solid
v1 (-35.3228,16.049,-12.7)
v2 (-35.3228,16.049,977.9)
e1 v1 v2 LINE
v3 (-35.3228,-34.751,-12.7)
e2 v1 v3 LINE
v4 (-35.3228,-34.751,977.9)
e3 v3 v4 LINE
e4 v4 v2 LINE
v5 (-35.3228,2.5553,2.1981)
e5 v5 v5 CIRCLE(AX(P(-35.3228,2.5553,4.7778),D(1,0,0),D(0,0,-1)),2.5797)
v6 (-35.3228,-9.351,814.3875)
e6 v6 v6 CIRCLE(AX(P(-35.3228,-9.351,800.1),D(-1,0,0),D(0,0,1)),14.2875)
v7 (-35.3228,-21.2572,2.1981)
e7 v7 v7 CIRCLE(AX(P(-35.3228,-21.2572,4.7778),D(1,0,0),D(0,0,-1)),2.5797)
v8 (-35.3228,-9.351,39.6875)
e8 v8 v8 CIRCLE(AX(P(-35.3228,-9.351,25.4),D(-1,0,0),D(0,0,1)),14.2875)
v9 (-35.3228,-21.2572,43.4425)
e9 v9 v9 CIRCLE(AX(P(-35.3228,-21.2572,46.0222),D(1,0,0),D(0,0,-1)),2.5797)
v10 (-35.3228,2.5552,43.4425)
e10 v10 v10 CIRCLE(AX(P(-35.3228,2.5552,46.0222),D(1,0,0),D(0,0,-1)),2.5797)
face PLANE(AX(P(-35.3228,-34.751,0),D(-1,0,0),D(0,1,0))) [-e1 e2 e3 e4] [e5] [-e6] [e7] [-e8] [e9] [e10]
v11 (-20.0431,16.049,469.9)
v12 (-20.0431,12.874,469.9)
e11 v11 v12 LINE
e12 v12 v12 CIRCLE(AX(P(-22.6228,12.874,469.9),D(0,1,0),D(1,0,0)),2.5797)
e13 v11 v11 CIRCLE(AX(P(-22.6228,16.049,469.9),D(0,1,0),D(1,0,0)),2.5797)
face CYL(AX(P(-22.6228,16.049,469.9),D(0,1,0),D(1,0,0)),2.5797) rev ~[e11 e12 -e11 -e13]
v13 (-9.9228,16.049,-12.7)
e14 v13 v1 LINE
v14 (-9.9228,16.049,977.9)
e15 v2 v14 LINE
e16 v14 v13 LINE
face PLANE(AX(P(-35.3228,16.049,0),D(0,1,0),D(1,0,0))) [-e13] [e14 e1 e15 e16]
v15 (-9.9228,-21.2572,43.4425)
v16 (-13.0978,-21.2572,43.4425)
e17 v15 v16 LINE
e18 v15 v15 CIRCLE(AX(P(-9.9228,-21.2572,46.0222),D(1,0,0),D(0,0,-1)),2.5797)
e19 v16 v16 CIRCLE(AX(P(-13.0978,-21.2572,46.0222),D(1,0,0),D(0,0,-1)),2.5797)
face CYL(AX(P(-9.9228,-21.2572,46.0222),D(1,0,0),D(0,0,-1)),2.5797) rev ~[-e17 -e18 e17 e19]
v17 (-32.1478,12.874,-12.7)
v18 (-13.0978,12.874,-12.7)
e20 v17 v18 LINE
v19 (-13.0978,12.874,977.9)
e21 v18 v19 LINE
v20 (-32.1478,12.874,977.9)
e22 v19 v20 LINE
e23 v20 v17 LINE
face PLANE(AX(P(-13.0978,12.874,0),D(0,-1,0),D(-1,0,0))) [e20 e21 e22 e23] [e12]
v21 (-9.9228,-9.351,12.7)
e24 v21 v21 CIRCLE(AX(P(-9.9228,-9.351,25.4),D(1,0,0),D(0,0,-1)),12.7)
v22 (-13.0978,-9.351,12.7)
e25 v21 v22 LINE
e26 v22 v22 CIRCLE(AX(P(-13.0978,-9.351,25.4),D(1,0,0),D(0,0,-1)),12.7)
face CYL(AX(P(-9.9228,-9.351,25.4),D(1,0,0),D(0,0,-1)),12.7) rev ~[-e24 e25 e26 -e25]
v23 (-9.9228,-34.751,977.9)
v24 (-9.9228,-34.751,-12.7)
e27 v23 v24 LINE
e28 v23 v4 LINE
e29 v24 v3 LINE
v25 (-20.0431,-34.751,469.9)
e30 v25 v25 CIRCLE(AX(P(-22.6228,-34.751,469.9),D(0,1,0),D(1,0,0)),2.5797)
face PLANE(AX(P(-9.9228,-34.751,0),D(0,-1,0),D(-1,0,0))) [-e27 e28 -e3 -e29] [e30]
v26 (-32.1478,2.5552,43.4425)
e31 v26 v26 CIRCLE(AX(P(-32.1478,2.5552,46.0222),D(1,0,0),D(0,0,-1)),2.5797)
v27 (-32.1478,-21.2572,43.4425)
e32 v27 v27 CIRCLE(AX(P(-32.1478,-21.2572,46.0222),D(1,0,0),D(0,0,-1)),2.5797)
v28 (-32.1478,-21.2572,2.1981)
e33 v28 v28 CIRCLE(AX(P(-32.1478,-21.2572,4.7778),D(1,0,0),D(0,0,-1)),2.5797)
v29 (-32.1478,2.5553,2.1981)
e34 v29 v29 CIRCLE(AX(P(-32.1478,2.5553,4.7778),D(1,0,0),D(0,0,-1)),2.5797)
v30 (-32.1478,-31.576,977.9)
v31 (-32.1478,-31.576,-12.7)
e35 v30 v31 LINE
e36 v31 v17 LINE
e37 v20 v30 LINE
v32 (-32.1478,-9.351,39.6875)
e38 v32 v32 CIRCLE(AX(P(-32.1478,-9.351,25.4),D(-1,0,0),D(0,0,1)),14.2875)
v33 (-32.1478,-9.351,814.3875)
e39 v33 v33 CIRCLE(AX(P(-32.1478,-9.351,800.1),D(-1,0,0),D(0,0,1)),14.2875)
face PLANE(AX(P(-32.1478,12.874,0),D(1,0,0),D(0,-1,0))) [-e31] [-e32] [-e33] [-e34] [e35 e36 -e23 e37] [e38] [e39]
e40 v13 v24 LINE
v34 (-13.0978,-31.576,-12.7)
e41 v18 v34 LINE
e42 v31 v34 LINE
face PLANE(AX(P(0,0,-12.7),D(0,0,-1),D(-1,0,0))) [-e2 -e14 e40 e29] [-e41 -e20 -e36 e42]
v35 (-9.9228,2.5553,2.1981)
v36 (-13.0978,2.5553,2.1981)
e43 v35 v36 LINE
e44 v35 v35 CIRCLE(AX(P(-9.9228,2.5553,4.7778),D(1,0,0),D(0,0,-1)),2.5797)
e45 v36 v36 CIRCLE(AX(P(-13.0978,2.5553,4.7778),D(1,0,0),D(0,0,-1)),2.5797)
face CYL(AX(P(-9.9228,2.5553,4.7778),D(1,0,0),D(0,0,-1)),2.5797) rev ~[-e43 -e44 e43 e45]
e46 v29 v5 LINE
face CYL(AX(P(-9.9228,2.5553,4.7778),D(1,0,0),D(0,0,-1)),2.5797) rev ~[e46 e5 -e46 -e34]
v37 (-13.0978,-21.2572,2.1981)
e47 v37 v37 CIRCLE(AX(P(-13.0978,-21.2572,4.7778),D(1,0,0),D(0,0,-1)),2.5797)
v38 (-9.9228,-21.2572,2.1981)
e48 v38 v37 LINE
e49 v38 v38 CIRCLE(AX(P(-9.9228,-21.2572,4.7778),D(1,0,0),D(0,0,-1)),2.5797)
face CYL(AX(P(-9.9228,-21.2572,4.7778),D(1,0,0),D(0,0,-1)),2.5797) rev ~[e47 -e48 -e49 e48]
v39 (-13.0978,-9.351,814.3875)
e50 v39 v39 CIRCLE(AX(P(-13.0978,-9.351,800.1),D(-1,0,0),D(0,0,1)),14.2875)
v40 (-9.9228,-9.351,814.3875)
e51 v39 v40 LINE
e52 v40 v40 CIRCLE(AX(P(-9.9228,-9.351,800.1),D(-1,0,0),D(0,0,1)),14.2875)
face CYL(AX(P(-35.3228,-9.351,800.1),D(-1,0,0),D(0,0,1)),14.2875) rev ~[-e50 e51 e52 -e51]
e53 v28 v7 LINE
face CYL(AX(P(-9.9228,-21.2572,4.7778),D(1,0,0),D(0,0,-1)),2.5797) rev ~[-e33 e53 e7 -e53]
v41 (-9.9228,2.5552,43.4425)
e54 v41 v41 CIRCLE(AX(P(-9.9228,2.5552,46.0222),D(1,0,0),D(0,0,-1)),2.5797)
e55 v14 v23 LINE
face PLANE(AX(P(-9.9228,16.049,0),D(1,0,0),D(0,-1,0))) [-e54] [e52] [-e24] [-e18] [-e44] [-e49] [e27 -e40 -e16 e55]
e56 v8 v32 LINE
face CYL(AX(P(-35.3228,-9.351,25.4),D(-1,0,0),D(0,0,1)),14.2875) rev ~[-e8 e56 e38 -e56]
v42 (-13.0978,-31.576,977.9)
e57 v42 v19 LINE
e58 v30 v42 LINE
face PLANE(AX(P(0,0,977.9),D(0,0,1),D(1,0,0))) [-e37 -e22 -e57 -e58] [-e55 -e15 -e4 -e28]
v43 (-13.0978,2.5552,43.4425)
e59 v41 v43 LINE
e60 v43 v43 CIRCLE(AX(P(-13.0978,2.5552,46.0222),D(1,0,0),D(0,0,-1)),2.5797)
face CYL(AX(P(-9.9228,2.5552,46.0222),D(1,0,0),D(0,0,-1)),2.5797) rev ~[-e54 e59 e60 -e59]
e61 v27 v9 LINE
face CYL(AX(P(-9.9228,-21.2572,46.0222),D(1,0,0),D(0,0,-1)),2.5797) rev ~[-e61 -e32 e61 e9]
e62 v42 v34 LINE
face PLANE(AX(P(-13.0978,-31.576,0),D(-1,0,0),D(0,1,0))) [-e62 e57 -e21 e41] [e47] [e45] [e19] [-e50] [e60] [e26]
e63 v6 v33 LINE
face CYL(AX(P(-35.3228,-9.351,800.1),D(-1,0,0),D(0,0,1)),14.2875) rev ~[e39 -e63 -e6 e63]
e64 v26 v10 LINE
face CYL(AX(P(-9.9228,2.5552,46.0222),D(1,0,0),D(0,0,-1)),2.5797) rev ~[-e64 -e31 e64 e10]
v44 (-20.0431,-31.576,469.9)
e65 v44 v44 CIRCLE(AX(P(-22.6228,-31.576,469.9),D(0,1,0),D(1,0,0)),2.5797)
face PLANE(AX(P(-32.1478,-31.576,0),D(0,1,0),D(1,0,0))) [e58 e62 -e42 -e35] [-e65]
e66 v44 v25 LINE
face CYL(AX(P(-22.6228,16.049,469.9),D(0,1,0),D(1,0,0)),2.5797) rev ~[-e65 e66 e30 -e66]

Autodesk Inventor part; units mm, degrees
ref_plane "YZ Plane" through (0, 0, 0) normal (1, 0, 0) x (0, 1, 0)
ref_plane "XZ Plane" through (0, 0, 0) normal (0, 1, 0) x (-1, 0, 0)
ref_plane "XY Plane" through (0, 0, 0) normal (0, 0, 1) x (1, 0, 0)
sketch "Sketch1" plane through (0, 0, 0) normal (0, 0, 1) x (1, 0, 0)
  line L0 (-35.3228, 16.049) -> (-9.9228, 16.049)
  line L1 (-9.9228, 16.049) -> (-9.9228, -34.751)
  line L2 (-9.9228, -34.751) -> (-35.3228, -34.751)
  line L3 (-35.3228, -34.751) -> (-35.3228, 16.049)
  line L4 (-13.0978, 12.874) -> (-32.1478, 12.874)
  line L5 (-32.1478, 12.874) -> (-32.1478, -31.576)
  line L6 (-32.1478, -31.576) -> (-13.0978, -31.576)
  line L7 (-13.0978, -31.576) -> (-13.0978, 12.874)
  point P0 (0, 0)
  dimension "d0" = 25.4
  dimension "d1" = 50.8
  dimension "d2" = 3.175
extrude "Extrusion1" add sketch "Sketch1" along normal blind 977.9
sketch "Sketch2" plane through (-35.3228, -34.751, 0) normal (-1, 0, 0) x (0, 0, 1)
  line L0 (0, 0) -> (0, 50.8) construction
  line L1 (0, 25.4) -> (25.4, 25.4) construction
  circle A0 centre (25.4, 25.4) radius 14.2875
  point P0 (0, 34.751)
  dimension "d5" = 25.4
  dimension "d9" = 28.575
extrude "Extrusion2" cut sketch "Sketch2" against normal blind 12.7
sketch "Sketch3" plane through (-35.3228, -34.751, 0) normal (-1, 0, 0) x (0, 0, 1)
  line L0 (977.9, 50.8) -> (977.9, 0) construction
  line L1 (977.9, 25.4) -> (800.1, 25.4) construction
  circle A0 centre (800.1, 25.4) radius 14.2875
  point P0 (0, 34.751)
  dimension "d10" = 177.8
  dimension "d11" = 28.575
extrude "Extrusion3" cut sketch "Sketch3" against normal blind 25.4
sketch "Sketch7" plane through (-9.9228, -34.751, 0) normal (1, 0, 0) x (0, 0, -1)
  line L0 (0, 0) -> (0, 50.8) construction
  line L1 (0, 25.4) -> (-25.4, 25.4) construction
  circle A0 centre (-25.4, 25.4) radius 12.7
  point P0 (0, 34.751)
  dimension "d34" = 25.4
  dimension "d35" = 25.4
extrude "Extrusion7" cut sketch "Sketch7" against normal blind 12.7
sketch "Sketch9" plane through (-9.9228, -34.751, 0) normal (1, 0, 0) x (0, 0, -1)
  circle A0 centre (-25.4, 25.4) radius 12.7 construction
  line L0 (-25.4, 25.4) -> (-25.4, 49.2125) construction
  line L1 (-25.4, 49.2125) -> (-4.7778, 37.3063) construction
  line L2 (-4.7778, 37.3063) -> (-4.7778, 13.4938) construction
  line L3 (-4.7778, 13.4938) -> (-25.4, 1.5875) construction
  line L4 (-25.4, 1.5875) -> (-46.0222, 13.4937) construction
  line L5 (-46.0222, 13.4937) -> (-46.0222, 37.3062) construction
  line L6 (-46.0222, 37.3062) -> (-25.4, 49.2125) construction
  circle A1 centre (-4.7778, 37.3063) radius 2.5797
  circle A2 centre (-4.7778, 13.4938) radius 2.5797
  circle A3 centre (-46.0222, 13.4938) radius 2.5797
  circle A4 centre (-46.0222, 37.3062) radius 2.5797
  point P0 (0, 34.751)
  dimension "d44" = 23.8125
  dimension "d45" = 5.1594
  dimension "d46" = 5.1594
  dimension "d47" = 5.1594
  dimension "d48" = 5.1594
extrude "Extrusion9" cut sketch "Sketch9" against normal blind 25.4
sketch "Sketch10" plane through (0, 0, 0) normal (0, 0, -1) x (-1, 0, 0)
  line L0 (35.3228, 16.049) -> (9.9228, 16.049) projected
  line L1 (9.9228, 16.049) -> (13.0978, 16.049)
  line L2 (13.0978, 16.049) -> (13.0978, -34.751)
  line L3 (13.0978, -34.751) -> (9.9228, -34.751)
  line L4 (9.9228, -34.751) -> (9.9228, 16.049)
  line L5 (9.9228, -34.751) -> (35.3228, -34.751) projected
  line L6 (9.9228, -34.751) -> (35.3228, -34.751)
  line L7 (35.3228, -34.751) -> (35.3228, -31.576)
  line L8 (35.3228, -31.576) -> (9.9228, -31.576)
  line L9 (9.9228, -31.576) -> (9.9228, -34.751)
  line L10 (35.3228, -34.751) -> (32.1478, -34.751)
  line L11 (32.1478, -34.751) -> (32.1478, 16.049)
  line L12 (32.1478, 16.049) -> (35.3228, 16.049)
  line L13 (35.3228, 16.049) -> (35.3228, -34.751)
  line L14 (9.9228, 16.049) -> (35.3228, 16.049)
  line L15 (35.3228, 16.049) -> (35.3228, 12.874)
  line L16 (35.3228, 12.874) -> (9.9228, 12.874)
  line L17 (9.9228, 12.874) -> (9.9228, 16.049)
  point P0 (0, 0)
  dimension "d51" = 3.175
  dimension "d52" = 50.8
  dimension "d53" = 25.4
  dimension "d54" = 3.175
  dimension "d55" = 3.175
  dimension "d56" = 50.8
  dimension "d57" = 25.4
  dimension "d58" = 3.175
extrude "Extrusion10" add sketch "Sketch10" along normal blind 12.7 contours L13 L16 L11 L0 | L11 L16 L2 L0 | L13 L8 L11 L16 | L2 L16 L4 L0 | L7 L5 L11 L8 | L2 L8 L4 L16 | L11 L5 L2 L8 | L2 L3 L4 L8
sketch "Sketch11" plane through (-35.3228, 16.049, 977.9) normal (0, 1, 0) x (1, 0, 0)
  line L0 (0, 0) -> (25.4, 0) construction
  line L1 (12.7, 0) -> (12.7, 508) construction
  line L2 (25.4, 0) -> (25.4, 990.6) construction
  line L3 (12.7, 0) -> (520.7, 0) construction
  circle A0 centre (12.7, 508) radius 2.5797
  point P0 (35.3228, 977.9)
  dimension "d61" = 508
  dimension "d62" = 90
  dimension "d63" = 5.1594
extrude "Extrusion11" cut sketch "Sketch11" against normal blind 101.6
properties part number "41.75in Arm Beam Alternate (Left)"
